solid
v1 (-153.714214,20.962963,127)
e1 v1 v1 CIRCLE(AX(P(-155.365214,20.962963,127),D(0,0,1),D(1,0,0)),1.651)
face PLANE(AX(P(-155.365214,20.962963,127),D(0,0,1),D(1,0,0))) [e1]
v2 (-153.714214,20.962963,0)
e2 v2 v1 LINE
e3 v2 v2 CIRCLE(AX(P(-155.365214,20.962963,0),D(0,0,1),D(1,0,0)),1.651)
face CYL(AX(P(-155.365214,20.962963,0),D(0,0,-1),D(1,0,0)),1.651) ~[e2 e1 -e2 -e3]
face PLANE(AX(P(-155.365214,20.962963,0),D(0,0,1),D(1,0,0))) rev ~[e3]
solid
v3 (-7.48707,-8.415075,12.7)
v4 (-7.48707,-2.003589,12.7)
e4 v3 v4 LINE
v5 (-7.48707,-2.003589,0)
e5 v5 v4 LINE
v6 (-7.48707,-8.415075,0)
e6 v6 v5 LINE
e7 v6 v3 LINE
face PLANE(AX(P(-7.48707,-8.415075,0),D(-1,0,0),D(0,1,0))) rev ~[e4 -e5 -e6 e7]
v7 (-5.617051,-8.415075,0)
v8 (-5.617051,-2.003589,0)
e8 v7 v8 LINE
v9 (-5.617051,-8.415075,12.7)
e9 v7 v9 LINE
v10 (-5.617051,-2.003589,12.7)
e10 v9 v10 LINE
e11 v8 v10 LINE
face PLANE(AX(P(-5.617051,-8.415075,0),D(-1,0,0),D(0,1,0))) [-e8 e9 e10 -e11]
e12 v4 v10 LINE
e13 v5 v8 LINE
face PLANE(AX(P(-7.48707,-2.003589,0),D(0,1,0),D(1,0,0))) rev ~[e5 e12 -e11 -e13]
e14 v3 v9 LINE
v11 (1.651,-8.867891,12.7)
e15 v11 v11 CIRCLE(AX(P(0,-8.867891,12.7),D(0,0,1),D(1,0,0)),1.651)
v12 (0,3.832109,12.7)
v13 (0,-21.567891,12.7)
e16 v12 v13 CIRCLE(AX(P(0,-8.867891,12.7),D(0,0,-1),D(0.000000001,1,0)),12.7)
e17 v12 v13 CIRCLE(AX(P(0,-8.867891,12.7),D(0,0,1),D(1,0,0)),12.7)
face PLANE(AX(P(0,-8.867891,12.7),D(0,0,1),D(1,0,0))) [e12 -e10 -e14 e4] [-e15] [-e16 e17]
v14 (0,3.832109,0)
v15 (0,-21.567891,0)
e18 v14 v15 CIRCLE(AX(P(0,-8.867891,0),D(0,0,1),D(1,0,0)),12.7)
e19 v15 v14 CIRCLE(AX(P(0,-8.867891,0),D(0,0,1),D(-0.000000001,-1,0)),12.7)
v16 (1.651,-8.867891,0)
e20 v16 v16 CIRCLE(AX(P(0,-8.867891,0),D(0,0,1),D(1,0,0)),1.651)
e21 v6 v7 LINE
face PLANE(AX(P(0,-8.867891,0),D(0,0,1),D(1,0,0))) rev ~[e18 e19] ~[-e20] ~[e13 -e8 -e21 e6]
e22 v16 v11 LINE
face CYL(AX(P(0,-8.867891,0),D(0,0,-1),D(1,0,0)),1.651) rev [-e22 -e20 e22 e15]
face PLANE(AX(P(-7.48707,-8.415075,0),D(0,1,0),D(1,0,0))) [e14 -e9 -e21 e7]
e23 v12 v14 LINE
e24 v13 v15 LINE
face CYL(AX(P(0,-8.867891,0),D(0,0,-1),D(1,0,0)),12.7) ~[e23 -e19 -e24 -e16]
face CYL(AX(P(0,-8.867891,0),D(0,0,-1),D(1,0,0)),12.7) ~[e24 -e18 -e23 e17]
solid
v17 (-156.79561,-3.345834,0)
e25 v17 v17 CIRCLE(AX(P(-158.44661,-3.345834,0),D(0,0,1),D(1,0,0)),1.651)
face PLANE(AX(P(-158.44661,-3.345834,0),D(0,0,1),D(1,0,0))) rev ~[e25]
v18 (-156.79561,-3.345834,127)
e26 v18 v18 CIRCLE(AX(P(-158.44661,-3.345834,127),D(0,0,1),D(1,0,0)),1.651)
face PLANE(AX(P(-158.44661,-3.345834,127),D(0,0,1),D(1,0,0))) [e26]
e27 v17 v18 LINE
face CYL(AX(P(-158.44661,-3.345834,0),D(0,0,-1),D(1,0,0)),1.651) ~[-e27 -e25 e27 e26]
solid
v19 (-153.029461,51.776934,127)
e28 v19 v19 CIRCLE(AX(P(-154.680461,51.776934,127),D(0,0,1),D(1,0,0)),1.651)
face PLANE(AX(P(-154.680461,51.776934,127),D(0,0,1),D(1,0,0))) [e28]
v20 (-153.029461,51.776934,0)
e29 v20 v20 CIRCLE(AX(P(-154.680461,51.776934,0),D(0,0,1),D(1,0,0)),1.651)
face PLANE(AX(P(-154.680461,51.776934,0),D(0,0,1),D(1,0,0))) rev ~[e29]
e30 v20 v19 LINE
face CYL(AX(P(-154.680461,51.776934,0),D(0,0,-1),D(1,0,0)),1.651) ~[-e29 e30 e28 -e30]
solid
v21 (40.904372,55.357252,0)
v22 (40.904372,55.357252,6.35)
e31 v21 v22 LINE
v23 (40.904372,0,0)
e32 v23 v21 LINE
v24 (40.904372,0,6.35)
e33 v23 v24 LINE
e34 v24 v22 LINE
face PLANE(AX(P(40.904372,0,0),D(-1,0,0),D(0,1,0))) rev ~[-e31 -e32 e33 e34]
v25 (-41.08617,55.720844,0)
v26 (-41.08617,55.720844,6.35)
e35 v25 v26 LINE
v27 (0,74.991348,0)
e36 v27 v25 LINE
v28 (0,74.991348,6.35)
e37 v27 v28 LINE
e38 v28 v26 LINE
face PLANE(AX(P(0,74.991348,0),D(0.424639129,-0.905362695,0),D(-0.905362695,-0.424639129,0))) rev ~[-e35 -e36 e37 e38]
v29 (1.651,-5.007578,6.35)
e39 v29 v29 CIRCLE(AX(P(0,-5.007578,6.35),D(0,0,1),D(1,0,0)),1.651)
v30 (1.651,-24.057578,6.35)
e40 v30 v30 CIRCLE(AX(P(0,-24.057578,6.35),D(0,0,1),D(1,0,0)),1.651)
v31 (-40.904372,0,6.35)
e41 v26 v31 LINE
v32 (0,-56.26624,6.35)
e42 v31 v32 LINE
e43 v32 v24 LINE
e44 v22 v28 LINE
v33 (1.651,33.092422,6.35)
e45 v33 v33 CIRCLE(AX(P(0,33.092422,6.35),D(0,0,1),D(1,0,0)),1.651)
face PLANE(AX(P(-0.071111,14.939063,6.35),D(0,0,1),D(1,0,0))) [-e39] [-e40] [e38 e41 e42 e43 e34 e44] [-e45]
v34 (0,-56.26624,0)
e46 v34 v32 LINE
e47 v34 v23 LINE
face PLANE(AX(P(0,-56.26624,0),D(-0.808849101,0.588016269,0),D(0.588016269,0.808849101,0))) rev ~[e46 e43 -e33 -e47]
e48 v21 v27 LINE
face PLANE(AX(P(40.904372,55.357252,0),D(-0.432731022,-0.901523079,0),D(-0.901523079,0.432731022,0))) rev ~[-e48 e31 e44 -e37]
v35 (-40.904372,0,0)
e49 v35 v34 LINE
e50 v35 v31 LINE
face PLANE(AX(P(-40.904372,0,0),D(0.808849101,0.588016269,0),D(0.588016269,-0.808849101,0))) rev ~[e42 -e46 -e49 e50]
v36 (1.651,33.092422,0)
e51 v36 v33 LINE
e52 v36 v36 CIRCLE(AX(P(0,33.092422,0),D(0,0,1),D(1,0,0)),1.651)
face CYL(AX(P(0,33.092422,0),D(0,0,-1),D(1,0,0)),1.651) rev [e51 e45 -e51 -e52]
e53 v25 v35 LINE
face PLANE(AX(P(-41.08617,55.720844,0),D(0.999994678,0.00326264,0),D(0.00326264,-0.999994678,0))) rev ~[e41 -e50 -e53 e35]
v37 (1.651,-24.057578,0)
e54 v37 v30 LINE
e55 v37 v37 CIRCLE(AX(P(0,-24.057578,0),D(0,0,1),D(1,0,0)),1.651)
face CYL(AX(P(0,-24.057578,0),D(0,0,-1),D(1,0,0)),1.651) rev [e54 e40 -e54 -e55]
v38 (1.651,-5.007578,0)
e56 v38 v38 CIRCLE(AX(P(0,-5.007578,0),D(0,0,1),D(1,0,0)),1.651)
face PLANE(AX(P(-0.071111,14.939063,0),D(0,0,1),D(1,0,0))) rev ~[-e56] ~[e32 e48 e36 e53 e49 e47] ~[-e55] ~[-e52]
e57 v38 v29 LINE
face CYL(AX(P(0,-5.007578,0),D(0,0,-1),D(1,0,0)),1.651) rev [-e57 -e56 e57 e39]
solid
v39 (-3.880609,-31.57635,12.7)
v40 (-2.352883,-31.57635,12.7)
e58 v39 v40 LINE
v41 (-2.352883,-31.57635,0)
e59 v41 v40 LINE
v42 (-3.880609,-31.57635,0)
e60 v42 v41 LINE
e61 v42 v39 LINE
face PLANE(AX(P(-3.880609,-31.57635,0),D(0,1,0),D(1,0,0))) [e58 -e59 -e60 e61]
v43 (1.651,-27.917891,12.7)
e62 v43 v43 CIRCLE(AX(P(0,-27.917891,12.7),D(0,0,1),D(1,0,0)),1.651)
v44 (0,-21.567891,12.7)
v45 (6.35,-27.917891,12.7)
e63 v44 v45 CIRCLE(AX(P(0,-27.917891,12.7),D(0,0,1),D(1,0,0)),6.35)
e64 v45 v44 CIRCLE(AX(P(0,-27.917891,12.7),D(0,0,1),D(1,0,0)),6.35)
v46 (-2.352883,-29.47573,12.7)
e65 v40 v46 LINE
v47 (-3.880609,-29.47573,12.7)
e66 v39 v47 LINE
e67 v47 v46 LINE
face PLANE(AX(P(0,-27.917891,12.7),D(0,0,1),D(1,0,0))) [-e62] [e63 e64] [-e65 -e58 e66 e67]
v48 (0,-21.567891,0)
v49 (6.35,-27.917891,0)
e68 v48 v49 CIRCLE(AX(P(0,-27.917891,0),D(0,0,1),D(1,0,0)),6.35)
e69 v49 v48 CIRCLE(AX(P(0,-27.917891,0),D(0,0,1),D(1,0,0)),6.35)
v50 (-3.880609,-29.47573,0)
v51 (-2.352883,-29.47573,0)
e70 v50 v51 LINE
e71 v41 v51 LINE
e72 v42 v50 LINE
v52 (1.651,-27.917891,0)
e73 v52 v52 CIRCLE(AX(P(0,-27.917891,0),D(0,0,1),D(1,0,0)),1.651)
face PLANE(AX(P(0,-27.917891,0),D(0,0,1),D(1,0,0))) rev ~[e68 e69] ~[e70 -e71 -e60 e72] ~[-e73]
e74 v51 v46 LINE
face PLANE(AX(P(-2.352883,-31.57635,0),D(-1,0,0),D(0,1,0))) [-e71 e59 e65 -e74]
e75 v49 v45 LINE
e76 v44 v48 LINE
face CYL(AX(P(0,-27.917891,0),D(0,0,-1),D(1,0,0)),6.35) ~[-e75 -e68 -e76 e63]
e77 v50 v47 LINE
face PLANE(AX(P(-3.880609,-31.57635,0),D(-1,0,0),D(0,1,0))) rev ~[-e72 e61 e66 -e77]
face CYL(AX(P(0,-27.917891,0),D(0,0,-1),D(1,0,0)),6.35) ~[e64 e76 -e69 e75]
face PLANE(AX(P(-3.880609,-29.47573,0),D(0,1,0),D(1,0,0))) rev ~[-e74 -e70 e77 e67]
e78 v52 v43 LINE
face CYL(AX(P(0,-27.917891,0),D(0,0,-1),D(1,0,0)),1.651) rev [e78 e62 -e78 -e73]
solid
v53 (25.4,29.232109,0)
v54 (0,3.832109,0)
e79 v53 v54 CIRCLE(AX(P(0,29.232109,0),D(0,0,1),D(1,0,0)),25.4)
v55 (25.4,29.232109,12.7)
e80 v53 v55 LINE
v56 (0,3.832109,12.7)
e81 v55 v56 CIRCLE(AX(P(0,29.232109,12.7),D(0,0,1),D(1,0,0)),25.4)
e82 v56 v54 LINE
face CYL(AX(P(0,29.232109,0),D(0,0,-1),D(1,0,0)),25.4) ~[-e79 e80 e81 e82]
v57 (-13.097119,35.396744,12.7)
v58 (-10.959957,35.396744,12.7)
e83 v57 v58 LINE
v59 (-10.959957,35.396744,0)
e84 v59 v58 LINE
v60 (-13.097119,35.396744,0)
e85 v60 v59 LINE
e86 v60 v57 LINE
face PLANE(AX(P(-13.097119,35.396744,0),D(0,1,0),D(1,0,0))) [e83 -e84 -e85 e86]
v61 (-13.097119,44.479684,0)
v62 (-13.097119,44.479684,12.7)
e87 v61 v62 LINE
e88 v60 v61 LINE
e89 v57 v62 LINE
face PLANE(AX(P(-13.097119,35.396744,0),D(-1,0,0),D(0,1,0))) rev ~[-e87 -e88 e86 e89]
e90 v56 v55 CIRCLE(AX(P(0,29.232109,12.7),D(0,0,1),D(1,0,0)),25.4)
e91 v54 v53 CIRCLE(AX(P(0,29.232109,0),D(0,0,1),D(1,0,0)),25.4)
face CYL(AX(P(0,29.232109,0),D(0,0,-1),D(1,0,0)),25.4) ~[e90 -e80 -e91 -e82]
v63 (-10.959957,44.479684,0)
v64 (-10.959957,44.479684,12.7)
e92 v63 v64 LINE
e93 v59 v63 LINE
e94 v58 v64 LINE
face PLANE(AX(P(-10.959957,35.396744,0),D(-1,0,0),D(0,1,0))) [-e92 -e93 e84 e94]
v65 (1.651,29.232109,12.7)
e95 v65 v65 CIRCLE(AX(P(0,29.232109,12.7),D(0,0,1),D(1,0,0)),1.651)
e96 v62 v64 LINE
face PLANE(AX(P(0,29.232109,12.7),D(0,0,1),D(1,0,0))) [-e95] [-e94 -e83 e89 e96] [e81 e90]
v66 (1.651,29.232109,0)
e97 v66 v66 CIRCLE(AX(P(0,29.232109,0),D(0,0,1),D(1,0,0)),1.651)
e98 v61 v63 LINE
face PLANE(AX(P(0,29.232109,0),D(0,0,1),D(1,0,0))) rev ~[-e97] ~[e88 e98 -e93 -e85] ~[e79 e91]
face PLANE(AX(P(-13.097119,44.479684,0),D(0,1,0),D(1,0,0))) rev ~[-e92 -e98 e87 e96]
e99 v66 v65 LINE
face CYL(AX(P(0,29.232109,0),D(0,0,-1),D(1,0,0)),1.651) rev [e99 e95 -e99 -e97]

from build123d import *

# Parameters (mm, degrees)
F1_R      = 25.4
F1_R_2    = 1.651
F1_W      = 2.137163
F1_H      = 9.082939
F4_DEPTH  = 12.7
F2_R      = 12.7
F2_R_2    = 1.651
F2_W      = 1.870019
F2_H      = 6.411486
F5_DEPTH  = 12.7
F3_R      = 6.35
F3_W      = 1.527725
F3_H      = 2.10062
F3_R_2    = 1.651
F6_DEPTH  = 12.7
F9_R      = 1.651
F10_DEPTH = 127
F8_R      = 1.651
F11_DEPTH = 127
F7_R      = 1.651
F12_DEPTH = 127
F0_R      = 1.651
F13_DEPTH = 6.35


with BuildPart() as f4:
    # F1 (on Top) → F4 (new body)
    with BuildSketch(Plane.XY):
        with Locations((0, 29.232109)):
            Circle(F1_R)
        with Locations((0, 29.232109)):
            Circle(F1_R_2, mode=Mode.SUBTRACT)
        with Locations((-12.028538, 39.938214)):
            Rectangle(F1_W, F1_H, mode=Mode.SUBTRACT)
    extrude(amount=F4_DEPTH)

    # F2 (on Top) → F5 (join)
    with BuildSketch(Plane.XY):
        with Locations((0, -8.867891)):
            Circle(F2_R)
        with Locations((0, -8.867891)):
            Circle(F2_R_2, mode=Mode.SUBTRACT)
        with Locations((-6.552061, -5.209332)):
            Rectangle(F2_W, F2_H, mode=Mode.SUBTRACT)
    extrude(amount=F5_DEPTH)

    # F3 (on Top) → F6 (join)
    with BuildSketch(Plane.XY):
        with Locations((0, -27.917891)):
            Circle(F3_R)
        with Locations((-3.116746, -30.52604)):
            Rectangle(F3_W, F3_H, mode=Mode.SUBTRACT)
        with Locations((0, -27.917891)):
            Circle(F3_R_2, mode=Mode.SUBTRACT)
    extrude(amount=F6_DEPTH)


with BuildPart() as f10:
    # F9 (on Top) → F10 (new body)
    with BuildSketch(Plane.XY):
        with Locations((-158.44661, -3.345834)):
            Circle(F9_R)
    extrude(amount=F10_DEPTH)


with BuildPart() as f11:
    # F8 (on Top) → F11 (new body)
    with BuildSketch(Plane.XY):
        with Locations((-155.365214, 20.962963)):
            Circle(F8_R)
    extrude(amount=F11_DEPTH)


with BuildPart() as f12:
    # F7 (on Top) → F12 (new body)
    with BuildSketch(Plane.XY):
        with Locations((-154.680461, 51.776934)):
            Circle(F7_R)
    extrude(amount=F12_DEPTH)


with BuildPart() as f13:
    # F0 (on Top) → F13 (new body)
    with BuildSketch(Plane.XY):
        Polygon((-41.08617, 55.720844), (-40.904372, 0), (0, -56.26624), (40.904372, 0), (40.904372, 55.357252), (0, 74.991348), align=None)
        with Locations((0, -24.057578)):
            Circle(F0_R, mode=Mode.SUBTRACT)
        with Locations((0, -5.007578)):
            Circle(F0_R, mode=Mode.SUBTRACT)
        with Locations((0, 33.092422)):
            Circle(F0_R, mode=Mode.SUBTRACT)
    extrude(amount=F13_DEPTH)


solid = Compound([f4.part, f10.part, f11.part, f12.part, f13.part])
